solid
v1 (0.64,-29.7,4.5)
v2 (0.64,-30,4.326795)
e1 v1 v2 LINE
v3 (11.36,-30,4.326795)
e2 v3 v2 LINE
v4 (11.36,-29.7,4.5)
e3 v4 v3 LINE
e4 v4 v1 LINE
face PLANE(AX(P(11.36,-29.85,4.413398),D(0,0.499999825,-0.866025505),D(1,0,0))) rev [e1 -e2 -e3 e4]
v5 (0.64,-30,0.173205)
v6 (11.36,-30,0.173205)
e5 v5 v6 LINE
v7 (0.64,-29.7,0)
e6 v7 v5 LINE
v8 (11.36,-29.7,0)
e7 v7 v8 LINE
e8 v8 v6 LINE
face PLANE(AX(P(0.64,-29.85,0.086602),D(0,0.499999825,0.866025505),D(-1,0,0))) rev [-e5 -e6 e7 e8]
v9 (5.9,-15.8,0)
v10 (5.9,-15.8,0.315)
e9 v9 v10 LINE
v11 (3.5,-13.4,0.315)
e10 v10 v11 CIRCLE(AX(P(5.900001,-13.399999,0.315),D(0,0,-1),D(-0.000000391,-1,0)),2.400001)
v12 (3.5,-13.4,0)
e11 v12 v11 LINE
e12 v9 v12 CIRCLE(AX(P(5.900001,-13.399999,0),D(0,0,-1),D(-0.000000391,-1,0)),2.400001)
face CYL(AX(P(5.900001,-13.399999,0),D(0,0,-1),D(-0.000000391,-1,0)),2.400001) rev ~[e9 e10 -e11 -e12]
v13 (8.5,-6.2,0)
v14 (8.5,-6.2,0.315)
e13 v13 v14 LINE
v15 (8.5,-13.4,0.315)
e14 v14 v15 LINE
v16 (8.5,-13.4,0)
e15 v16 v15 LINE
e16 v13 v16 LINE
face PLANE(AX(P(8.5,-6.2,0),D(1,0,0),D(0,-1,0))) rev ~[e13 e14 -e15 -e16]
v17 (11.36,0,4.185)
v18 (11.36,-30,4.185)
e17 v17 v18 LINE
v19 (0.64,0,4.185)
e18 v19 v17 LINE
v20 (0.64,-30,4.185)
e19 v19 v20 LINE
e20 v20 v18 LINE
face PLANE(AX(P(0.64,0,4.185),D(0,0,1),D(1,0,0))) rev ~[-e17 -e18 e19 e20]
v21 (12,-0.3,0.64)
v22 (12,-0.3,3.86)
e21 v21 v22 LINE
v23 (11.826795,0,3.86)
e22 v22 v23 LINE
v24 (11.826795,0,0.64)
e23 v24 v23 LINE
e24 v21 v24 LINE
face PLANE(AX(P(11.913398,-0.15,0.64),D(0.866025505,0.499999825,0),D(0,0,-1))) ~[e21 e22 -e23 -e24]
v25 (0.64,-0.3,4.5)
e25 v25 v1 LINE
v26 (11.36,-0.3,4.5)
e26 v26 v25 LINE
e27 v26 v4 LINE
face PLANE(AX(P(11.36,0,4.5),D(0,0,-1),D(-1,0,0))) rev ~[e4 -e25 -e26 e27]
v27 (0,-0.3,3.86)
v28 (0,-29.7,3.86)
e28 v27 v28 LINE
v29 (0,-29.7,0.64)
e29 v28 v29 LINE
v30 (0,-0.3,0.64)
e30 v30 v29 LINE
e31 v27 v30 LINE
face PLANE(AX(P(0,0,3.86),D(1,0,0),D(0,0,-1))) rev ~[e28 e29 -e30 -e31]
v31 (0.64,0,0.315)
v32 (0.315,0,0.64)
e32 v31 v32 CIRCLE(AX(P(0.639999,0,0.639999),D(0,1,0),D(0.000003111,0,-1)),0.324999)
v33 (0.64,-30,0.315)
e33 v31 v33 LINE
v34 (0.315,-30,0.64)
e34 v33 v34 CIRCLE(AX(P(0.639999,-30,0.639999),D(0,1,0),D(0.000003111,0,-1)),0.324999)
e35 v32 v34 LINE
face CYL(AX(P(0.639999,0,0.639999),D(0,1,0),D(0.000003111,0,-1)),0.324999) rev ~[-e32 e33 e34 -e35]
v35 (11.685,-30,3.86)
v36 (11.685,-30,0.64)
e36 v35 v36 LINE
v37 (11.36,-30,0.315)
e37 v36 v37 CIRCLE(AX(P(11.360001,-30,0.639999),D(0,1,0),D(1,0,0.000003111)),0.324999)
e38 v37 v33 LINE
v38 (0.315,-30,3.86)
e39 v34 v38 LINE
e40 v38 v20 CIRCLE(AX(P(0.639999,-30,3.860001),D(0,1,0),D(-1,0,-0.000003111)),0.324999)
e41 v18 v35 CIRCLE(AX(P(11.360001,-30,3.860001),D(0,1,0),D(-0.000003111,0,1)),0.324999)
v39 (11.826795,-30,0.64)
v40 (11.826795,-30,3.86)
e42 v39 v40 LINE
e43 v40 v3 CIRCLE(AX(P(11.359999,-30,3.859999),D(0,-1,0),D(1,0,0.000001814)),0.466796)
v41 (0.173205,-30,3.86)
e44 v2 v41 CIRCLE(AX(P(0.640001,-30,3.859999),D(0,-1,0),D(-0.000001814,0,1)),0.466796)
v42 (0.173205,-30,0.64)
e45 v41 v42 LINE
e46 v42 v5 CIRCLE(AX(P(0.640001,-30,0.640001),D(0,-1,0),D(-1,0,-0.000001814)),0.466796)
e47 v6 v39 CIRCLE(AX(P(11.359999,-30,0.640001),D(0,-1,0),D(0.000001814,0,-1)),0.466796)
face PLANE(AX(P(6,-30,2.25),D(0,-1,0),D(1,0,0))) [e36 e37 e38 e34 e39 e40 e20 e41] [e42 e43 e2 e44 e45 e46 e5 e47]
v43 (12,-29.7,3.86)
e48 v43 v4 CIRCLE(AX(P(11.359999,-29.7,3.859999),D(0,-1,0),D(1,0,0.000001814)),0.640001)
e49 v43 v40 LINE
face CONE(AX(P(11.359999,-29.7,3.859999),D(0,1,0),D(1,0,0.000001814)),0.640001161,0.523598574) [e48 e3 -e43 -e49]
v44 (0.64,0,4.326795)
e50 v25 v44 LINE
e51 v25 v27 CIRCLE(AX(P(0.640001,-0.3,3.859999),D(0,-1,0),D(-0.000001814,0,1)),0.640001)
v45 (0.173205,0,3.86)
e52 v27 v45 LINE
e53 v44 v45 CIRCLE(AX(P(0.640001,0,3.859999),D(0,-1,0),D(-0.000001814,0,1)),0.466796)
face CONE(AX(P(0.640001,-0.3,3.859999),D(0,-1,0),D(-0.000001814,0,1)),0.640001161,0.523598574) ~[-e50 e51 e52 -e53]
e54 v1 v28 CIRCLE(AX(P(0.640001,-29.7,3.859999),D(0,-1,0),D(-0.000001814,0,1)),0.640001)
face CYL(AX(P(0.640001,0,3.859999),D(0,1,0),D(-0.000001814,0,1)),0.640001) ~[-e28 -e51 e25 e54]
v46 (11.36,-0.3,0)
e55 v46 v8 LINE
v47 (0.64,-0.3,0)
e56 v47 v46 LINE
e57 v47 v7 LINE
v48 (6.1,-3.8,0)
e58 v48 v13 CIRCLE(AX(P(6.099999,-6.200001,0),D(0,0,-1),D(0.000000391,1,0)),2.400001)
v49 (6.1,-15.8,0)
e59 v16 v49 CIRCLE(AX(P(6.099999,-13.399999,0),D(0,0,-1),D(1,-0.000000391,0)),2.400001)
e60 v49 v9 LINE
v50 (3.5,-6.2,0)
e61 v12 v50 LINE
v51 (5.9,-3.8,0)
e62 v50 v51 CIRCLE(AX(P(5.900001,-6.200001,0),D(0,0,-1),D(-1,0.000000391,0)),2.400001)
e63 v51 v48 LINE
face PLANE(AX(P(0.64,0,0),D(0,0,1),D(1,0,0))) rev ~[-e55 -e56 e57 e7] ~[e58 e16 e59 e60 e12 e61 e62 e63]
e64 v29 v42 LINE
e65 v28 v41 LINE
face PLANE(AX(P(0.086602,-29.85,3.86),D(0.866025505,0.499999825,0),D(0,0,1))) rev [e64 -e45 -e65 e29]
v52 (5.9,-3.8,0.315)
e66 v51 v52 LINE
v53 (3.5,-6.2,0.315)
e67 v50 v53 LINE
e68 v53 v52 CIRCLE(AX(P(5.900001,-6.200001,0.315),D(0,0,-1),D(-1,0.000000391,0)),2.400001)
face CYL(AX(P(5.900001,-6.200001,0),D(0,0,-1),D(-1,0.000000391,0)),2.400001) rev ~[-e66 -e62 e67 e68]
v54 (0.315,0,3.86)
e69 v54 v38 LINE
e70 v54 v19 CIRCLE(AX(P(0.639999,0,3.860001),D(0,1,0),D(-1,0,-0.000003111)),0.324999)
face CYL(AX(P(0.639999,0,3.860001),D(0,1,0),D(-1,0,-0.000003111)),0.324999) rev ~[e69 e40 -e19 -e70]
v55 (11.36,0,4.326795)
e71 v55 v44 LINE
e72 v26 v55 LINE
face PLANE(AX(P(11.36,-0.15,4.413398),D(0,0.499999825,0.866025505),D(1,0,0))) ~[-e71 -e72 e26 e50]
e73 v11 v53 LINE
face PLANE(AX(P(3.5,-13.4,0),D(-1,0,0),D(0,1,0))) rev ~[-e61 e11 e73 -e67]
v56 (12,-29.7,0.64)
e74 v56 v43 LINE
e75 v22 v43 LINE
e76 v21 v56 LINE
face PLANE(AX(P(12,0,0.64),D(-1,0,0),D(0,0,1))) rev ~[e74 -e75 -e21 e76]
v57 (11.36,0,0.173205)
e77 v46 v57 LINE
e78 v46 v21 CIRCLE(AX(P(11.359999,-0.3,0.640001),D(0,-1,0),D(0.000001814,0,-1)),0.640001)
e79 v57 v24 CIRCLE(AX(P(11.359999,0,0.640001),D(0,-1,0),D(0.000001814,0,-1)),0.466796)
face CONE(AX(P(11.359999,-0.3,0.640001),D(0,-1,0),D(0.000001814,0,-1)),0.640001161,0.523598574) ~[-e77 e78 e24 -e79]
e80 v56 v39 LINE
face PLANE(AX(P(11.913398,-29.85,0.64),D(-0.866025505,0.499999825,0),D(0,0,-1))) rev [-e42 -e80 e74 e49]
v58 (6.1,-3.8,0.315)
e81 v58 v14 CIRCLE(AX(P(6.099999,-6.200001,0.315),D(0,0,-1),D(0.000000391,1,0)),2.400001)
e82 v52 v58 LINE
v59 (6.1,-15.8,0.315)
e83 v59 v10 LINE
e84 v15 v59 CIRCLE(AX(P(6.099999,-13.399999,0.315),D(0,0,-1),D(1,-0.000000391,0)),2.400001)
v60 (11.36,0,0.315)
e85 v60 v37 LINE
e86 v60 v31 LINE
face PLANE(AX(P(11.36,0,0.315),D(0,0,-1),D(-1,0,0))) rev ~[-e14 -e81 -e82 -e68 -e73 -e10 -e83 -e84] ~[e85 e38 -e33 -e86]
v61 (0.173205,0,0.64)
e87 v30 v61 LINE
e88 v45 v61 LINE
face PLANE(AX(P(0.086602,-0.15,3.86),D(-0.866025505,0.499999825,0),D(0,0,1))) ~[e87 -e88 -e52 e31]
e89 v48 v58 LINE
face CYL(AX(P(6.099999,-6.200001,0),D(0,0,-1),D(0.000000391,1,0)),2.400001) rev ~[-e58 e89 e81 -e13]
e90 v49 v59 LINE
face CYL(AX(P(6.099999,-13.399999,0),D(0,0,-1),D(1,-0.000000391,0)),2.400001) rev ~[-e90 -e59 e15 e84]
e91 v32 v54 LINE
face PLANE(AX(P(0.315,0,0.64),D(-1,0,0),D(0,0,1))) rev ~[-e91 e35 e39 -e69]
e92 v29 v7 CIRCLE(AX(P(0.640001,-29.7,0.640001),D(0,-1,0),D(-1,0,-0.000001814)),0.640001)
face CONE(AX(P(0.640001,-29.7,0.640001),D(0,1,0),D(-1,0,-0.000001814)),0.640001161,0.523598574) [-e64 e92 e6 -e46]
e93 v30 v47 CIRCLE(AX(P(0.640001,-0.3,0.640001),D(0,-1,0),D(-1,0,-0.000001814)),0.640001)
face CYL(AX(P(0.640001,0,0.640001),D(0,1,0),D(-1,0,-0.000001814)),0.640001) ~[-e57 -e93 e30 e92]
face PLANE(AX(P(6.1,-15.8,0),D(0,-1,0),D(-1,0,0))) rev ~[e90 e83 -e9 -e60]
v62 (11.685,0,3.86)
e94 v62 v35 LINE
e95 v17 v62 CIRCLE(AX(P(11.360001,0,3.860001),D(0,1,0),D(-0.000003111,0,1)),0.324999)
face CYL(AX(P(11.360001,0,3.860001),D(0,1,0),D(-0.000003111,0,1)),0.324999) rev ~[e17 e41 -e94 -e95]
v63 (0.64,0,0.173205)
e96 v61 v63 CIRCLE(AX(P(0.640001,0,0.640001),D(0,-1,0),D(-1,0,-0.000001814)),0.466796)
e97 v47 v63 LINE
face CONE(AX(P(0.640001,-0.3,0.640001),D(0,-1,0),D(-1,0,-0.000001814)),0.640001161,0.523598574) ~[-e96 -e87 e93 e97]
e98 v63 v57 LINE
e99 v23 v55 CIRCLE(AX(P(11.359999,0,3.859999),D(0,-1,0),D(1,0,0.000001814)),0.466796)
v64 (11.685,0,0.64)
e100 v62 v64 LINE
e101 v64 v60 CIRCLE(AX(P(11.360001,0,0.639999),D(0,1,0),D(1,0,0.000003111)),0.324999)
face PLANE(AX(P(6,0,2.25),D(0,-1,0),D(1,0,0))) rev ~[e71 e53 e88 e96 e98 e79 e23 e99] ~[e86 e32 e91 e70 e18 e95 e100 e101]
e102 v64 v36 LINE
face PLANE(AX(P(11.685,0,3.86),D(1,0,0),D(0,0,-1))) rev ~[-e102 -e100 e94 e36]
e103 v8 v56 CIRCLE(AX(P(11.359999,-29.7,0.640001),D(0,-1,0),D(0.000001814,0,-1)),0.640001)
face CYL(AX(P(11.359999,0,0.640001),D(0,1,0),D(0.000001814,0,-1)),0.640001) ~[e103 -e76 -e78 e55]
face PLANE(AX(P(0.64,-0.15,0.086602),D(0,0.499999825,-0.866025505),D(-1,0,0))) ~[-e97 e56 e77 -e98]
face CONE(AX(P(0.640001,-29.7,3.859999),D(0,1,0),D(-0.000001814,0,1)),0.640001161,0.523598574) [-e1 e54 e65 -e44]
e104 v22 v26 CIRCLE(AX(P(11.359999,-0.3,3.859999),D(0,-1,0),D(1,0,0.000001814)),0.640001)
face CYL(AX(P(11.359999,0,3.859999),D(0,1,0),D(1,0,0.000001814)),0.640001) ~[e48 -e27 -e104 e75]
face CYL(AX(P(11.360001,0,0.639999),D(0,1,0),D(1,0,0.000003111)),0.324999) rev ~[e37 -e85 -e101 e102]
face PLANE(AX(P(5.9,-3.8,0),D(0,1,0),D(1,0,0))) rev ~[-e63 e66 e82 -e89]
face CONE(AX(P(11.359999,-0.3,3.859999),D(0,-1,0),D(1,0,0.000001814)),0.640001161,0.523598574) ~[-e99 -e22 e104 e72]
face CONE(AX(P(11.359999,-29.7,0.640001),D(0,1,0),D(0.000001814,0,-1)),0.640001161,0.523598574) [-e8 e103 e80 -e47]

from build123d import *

# Parameters (mm, degrees)
F1_DEPTH = 30
F3_DEPTH = 0.315
F4_SIZE2 = 0.173205
F4_SIZE  = 0.3


with BuildPart() as f1:
    # F0 (on Front) → F1 (new body)
    with BuildSketch(Plane.XZ):
        with BuildLine():
            ThreePointArc((0, 0.64), (0.187452, 0.187452), (0.64, 0))
            Line((0.64, 0), (11.36, 0))
            ThreePointArc((11.36, 0), (11.812548, 0.187452), (12, 0.64))
            Line((12, 0.64), (12, 3.86))
            ThreePointArc((12, 3.86), (11.812548, 4.312548), (11.36, 4.5))
            Line((11.36, 4.5), (0.64, 4.5))
            ThreePointArc((0.64, 4.5), (0.187452, 4.312548), (0, 3.86))
            Line((0, 3.86), (0, 0.64))
        make_face()
        with BuildLine():
            ThreePointArc((0.315, 3.86), (0.41019, 4.08981), (0.64, 4.185))
            Line((0.64, 4.185), (11.36, 4.185))
            ThreePointArc((11.36, 4.185), (11.58981, 4.08981), (11.685, 3.86))
            Line((11.685, 3.86), (11.685, 0.64))
            ThreePointArc((11.685, 0.64), (11.58981, 0.41019), (11.36, 0.315))
            Line((11.36, 0.315), (0.64, 0.315))
            ThreePointArc((0.64, 0.315), (0.41019, 0.41019), (0.315, 0.64))
            Line((0.315, 0.64), (0.315, 3.86))
        make_face(mode=Mode.SUBTRACT)
    extrude(amount=F1_DEPTH)

    # F2 (on face) → F3 (cut, through all)
    with BuildSketch(Plane(origin=(0, 0, 0), x_dir=(1, 0, 0), z_dir=(0, 0, -1))):
        with BuildLine():
            ThreePointArc((8.5, 13.4), (7.797056, 15.097056), (6.1, 15.8))
            Line((6.1, 15.8), (5.9, 15.8))
            ThreePointArc((5.9, 15.8), (4.202944, 15.097056), (3.5, 13.4))
            Line((3.5, 13.4), (3.5, 6.2))
            ThreePointArc((3.5, 6.2), (4.202944, 4.502944), (5.9, 3.8))
            Line((5.9, 3.8), (6.1, 3.8))
            ThreePointArc((6.1, 3.8), (7.797056, 4.502944), (8.5, 6.2))
            Line((8.5, 6.2), (8.5, 13.4))
        make_face()
    extrude(amount=-F3_DEPTH, mode=Mode.SUBTRACT)

    # F4
    f4_edges = [f1.edges().sort_by_distance(p)[0] for p in [
        (6, 0, 0),
        (6, -30, 0),
    ]]
    chamfer(f4_edges, length=F4_SIZE, length2=F4_SIZE2)


solid = f1.part
